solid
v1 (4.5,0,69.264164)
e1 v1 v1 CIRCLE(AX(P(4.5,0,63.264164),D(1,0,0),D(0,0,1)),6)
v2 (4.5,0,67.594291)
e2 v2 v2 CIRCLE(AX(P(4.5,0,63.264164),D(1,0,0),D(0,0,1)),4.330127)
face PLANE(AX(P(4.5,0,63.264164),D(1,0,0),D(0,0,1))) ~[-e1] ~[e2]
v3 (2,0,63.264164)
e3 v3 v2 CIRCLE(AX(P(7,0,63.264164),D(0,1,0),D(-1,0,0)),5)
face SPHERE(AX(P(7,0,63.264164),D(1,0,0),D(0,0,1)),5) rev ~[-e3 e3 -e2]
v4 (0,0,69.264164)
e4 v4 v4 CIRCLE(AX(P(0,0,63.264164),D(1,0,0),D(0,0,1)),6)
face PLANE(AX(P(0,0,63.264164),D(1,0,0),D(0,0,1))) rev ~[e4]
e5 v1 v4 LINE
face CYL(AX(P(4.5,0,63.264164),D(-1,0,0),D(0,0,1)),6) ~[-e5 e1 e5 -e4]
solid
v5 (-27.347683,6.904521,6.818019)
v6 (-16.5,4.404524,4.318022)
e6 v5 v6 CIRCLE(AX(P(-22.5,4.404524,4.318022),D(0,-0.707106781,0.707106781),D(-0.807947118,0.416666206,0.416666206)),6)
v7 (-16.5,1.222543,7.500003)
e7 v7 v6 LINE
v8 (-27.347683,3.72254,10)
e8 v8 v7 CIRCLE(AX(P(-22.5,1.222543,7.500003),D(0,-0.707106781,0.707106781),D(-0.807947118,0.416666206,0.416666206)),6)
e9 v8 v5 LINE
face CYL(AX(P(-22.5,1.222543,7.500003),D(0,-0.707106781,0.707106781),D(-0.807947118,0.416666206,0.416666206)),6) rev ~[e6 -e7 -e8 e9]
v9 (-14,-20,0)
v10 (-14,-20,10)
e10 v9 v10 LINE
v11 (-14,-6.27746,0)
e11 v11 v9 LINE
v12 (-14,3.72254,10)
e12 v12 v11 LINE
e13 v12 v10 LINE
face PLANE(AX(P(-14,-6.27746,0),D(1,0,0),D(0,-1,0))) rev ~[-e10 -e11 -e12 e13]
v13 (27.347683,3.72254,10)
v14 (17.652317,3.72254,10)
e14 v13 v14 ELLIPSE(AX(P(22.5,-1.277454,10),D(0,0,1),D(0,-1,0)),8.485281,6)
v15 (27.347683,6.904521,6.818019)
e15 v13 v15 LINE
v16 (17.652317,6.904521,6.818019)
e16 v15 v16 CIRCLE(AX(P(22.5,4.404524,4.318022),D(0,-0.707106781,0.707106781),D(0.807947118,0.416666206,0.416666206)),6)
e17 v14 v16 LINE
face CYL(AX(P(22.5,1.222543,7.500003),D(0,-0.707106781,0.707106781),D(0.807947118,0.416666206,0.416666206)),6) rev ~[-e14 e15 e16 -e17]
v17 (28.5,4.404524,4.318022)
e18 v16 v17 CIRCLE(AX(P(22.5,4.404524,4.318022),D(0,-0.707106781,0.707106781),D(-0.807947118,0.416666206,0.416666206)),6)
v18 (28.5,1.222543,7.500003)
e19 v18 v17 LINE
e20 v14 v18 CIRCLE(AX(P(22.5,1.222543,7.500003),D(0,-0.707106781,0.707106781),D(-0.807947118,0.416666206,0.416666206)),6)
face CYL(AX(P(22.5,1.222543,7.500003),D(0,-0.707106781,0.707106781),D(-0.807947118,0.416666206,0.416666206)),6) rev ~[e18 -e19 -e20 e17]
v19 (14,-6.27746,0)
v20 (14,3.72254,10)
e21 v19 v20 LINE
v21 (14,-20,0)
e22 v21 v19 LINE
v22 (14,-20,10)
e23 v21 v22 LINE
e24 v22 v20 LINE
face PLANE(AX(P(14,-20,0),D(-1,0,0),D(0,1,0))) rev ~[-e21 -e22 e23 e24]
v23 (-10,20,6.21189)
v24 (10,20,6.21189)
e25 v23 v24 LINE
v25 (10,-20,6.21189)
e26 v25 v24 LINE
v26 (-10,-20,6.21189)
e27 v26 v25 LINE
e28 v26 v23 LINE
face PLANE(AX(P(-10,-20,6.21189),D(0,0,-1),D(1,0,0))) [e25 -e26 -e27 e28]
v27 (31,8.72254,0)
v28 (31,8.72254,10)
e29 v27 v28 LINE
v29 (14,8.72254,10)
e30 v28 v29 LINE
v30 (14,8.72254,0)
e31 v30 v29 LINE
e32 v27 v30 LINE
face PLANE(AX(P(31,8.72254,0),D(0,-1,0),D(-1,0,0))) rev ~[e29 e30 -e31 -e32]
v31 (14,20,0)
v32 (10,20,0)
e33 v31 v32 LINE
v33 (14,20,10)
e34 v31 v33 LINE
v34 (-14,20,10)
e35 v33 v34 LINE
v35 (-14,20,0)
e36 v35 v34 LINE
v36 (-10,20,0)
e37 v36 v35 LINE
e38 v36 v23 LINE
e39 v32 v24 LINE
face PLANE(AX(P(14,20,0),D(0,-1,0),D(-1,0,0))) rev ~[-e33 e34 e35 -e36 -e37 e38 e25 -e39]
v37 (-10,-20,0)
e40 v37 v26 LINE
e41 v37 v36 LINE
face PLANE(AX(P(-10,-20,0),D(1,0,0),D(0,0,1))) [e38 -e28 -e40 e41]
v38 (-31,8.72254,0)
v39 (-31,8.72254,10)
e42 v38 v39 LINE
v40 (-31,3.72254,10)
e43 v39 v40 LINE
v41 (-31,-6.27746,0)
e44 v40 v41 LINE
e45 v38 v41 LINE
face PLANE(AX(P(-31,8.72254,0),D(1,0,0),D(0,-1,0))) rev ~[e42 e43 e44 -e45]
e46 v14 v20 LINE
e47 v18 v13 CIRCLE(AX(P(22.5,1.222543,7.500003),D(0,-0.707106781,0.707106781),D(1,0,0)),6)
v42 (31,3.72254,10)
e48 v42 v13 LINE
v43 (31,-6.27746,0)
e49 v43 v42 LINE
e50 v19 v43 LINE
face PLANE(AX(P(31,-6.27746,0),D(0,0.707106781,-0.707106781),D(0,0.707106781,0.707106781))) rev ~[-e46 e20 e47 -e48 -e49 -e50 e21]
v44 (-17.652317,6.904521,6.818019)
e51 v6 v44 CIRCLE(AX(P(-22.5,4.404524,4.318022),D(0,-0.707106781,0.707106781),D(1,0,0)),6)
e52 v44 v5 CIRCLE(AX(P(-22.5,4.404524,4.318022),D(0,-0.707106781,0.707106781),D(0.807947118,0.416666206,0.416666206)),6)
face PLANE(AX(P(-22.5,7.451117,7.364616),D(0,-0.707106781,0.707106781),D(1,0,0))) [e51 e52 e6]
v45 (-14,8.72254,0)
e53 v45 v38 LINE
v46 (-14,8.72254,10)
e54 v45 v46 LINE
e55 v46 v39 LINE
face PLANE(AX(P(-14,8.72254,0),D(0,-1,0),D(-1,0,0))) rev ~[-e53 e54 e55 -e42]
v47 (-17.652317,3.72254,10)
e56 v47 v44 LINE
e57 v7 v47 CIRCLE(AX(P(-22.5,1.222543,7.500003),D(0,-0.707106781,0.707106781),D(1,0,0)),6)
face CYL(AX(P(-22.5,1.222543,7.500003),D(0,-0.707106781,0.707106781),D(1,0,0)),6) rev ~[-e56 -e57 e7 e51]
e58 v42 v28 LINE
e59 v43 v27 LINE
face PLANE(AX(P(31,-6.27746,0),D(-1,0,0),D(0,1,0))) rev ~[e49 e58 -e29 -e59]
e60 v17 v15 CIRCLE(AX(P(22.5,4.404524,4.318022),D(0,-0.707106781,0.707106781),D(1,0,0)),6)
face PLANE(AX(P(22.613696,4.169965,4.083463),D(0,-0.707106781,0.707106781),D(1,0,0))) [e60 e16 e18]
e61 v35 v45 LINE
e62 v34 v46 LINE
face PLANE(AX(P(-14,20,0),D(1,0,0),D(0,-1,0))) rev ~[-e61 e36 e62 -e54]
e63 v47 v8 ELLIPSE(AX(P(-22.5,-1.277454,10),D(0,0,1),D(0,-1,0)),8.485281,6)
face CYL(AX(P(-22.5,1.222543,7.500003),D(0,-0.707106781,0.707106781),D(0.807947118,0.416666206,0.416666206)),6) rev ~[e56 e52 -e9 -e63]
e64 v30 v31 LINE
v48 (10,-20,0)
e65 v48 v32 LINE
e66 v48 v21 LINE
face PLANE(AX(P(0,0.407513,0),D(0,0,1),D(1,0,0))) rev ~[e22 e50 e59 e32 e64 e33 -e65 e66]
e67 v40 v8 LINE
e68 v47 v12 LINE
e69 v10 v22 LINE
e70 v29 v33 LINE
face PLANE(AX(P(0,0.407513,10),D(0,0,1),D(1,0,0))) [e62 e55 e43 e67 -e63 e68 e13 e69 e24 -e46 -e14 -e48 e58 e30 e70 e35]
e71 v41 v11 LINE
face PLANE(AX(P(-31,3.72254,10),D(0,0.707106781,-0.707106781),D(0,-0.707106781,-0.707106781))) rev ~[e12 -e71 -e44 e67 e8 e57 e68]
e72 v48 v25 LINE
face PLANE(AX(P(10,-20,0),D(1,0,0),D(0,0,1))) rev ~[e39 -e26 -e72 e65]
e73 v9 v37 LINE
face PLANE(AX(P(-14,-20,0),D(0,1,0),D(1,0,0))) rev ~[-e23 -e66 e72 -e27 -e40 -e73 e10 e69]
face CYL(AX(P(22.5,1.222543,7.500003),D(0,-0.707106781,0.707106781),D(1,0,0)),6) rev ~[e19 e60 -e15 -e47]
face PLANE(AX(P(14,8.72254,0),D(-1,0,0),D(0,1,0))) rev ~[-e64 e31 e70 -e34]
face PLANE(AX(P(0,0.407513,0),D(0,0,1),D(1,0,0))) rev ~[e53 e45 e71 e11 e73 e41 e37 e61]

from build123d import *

# Parameters (mm, degrees)
F1_DEPTH  = 10
F2_W      = 20
F2_H      = 6.2118896035
F3_DEPTH  = 40.001
F5_DEPTH  = 17
F7_DEPTH  = 4.5
F9_DEPTH  = 17
F11_DEPTH = 4.5


with BuildPart() as f1:
    # F0 (on Top) → F1 (new body)
    with BuildSketch(Plane.XY):
        Polygon((14, 8.7225403264), (14, 20), (-14, 20), (-14, 8.7225403264), (-31, 8.7225403264), (-31, -6.2774596736), (-14, -6.2774596736), (-14, -20), (14, -20), (14, -6.2774596736), (31, -6.2774596736), (31, 8.7225403264), align=None)
    extrude(amount=F1_DEPTH)

    # F2 (on face) → F3 (cut, through all)
    with BuildSketch(Plane.XZ.offset(20)):
        with Locations((0, 3.1059448017)):
            Rectangle(F2_W, F2_H)
    extrude(amount=-F3_DEPTH, mode=Mode.SUBTRACT)

    # F4 (on face) → F5 (cut)
    with BuildSketch(Plane.YZ.offset(31)):
        Polygon((-6.2774596736, 10), (-6.2774596736, 0), (1.2225403264, 7.5), (3.7225403264, 10), align=None)
    extrude(amount=-F5_DEPTH, mode=Mode.SUBTRACT)

    # F6 (on face) → F7 (cut)
    with BuildSketch(Plane(origin=(0, -3.1387298368, 3.1387298368), x_dir=(1, 0, 0), z_dir=(0, -0.7071067812, 0.7071067812))):
        with BuildLine():
            ThreePointArc((28.5, 6.1677713199), (28.2046514458, 8.0270593239), (27.3476827061, 9.7033013199))
            Line((27.3476827061, 9.7033013199), (17.6523172939, 9.7033013199))
            ThreePointArc((17.6523172939, 9.7033013199), (20.640711996, 0.4631198741), (28.5, 6.1677713199))
        make_face()
        with BuildLine():
            Line((17.6523172939, 9.7033013199), (27.3476827061, 9.7033013199))
            ThreePointArc((27.3476827061, 9.7033013199), (22.5, 12.1677713199), (17.6523172939, 9.7033013199))
        make_face()
    extrude(amount=-F7_DEPTH, mode=Mode.SUBTRACT)

    # F8 (on face) → F9 (cut)
    with BuildSketch(Plane(origin=(-31, 0, 0), x_dir=(0, -1, 0), z_dir=(-1, 0, 0))):
        Polygon((-1.2225403264, 7.5), (6.2774596736, 0), (6.2774596736, 10), (-3.7225403264, 10), align=None)
    extrude(amount=-F9_DEPTH, mode=Mode.SUBTRACT)

    # F10 (on face) → F11 (cut)
    with BuildSketch(Plane(origin=(0, -3.1387298368, 3.1387298368), x_dir=(1, 0, 0), z_dir=(0, -0.7071067812, 0.7071067812))):
        with BuildLine():
            Line((-27.3476827061, 9.7033013199), (-17.6523172939, 9.7033013199))
            ThreePointArc((-17.6523172939, 9.7033013199), (-22.5, 12.1677713199), (-27.3476827061, 9.7033013199))
        make_face()
        with BuildLine():
            ThreePointArc((-27.3476827061, 9.7033013199), (-24.359288004, 0.4631198741), (-16.5, 6.1677713199))
            ThreePointArc((-16.5, 6.1677713199), (-16.7953485542, 8.0270593239), (-17.6523172939, 9.7033013199))
            Line((-17.6523172939, 9.7033013199), (-27.3476827061, 9.7033013199))
        make_face()
    extrude(amount=-F11_DEPTH, mode=Mode.SUBTRACT)


with BuildPart() as f13:
    # F12 (on Front) → F13 (revolve)
    with BuildSketch(Plane.XZ):
        with BuildLine():
            Line((4.5, 69.2641640902), (0, 69.2641640902))
            Line((0, 69.2641640902), (0, 63.2641640902))
            Line((0, 63.2641640902), (2, 63.2641640902))
            ThreePointArc((2, 63.2641640902), (2.6698729811, 65.7641640902), (4.5, 67.5942911091))
            Line((4.5, 67.5942911091), (4.5, 69.2641640902))
        make_face()
    revolve(axis=Axis((1, 0, 63.2641640902), (1, 0, 0)))


solid = Compound([f1.part, f13.part])
